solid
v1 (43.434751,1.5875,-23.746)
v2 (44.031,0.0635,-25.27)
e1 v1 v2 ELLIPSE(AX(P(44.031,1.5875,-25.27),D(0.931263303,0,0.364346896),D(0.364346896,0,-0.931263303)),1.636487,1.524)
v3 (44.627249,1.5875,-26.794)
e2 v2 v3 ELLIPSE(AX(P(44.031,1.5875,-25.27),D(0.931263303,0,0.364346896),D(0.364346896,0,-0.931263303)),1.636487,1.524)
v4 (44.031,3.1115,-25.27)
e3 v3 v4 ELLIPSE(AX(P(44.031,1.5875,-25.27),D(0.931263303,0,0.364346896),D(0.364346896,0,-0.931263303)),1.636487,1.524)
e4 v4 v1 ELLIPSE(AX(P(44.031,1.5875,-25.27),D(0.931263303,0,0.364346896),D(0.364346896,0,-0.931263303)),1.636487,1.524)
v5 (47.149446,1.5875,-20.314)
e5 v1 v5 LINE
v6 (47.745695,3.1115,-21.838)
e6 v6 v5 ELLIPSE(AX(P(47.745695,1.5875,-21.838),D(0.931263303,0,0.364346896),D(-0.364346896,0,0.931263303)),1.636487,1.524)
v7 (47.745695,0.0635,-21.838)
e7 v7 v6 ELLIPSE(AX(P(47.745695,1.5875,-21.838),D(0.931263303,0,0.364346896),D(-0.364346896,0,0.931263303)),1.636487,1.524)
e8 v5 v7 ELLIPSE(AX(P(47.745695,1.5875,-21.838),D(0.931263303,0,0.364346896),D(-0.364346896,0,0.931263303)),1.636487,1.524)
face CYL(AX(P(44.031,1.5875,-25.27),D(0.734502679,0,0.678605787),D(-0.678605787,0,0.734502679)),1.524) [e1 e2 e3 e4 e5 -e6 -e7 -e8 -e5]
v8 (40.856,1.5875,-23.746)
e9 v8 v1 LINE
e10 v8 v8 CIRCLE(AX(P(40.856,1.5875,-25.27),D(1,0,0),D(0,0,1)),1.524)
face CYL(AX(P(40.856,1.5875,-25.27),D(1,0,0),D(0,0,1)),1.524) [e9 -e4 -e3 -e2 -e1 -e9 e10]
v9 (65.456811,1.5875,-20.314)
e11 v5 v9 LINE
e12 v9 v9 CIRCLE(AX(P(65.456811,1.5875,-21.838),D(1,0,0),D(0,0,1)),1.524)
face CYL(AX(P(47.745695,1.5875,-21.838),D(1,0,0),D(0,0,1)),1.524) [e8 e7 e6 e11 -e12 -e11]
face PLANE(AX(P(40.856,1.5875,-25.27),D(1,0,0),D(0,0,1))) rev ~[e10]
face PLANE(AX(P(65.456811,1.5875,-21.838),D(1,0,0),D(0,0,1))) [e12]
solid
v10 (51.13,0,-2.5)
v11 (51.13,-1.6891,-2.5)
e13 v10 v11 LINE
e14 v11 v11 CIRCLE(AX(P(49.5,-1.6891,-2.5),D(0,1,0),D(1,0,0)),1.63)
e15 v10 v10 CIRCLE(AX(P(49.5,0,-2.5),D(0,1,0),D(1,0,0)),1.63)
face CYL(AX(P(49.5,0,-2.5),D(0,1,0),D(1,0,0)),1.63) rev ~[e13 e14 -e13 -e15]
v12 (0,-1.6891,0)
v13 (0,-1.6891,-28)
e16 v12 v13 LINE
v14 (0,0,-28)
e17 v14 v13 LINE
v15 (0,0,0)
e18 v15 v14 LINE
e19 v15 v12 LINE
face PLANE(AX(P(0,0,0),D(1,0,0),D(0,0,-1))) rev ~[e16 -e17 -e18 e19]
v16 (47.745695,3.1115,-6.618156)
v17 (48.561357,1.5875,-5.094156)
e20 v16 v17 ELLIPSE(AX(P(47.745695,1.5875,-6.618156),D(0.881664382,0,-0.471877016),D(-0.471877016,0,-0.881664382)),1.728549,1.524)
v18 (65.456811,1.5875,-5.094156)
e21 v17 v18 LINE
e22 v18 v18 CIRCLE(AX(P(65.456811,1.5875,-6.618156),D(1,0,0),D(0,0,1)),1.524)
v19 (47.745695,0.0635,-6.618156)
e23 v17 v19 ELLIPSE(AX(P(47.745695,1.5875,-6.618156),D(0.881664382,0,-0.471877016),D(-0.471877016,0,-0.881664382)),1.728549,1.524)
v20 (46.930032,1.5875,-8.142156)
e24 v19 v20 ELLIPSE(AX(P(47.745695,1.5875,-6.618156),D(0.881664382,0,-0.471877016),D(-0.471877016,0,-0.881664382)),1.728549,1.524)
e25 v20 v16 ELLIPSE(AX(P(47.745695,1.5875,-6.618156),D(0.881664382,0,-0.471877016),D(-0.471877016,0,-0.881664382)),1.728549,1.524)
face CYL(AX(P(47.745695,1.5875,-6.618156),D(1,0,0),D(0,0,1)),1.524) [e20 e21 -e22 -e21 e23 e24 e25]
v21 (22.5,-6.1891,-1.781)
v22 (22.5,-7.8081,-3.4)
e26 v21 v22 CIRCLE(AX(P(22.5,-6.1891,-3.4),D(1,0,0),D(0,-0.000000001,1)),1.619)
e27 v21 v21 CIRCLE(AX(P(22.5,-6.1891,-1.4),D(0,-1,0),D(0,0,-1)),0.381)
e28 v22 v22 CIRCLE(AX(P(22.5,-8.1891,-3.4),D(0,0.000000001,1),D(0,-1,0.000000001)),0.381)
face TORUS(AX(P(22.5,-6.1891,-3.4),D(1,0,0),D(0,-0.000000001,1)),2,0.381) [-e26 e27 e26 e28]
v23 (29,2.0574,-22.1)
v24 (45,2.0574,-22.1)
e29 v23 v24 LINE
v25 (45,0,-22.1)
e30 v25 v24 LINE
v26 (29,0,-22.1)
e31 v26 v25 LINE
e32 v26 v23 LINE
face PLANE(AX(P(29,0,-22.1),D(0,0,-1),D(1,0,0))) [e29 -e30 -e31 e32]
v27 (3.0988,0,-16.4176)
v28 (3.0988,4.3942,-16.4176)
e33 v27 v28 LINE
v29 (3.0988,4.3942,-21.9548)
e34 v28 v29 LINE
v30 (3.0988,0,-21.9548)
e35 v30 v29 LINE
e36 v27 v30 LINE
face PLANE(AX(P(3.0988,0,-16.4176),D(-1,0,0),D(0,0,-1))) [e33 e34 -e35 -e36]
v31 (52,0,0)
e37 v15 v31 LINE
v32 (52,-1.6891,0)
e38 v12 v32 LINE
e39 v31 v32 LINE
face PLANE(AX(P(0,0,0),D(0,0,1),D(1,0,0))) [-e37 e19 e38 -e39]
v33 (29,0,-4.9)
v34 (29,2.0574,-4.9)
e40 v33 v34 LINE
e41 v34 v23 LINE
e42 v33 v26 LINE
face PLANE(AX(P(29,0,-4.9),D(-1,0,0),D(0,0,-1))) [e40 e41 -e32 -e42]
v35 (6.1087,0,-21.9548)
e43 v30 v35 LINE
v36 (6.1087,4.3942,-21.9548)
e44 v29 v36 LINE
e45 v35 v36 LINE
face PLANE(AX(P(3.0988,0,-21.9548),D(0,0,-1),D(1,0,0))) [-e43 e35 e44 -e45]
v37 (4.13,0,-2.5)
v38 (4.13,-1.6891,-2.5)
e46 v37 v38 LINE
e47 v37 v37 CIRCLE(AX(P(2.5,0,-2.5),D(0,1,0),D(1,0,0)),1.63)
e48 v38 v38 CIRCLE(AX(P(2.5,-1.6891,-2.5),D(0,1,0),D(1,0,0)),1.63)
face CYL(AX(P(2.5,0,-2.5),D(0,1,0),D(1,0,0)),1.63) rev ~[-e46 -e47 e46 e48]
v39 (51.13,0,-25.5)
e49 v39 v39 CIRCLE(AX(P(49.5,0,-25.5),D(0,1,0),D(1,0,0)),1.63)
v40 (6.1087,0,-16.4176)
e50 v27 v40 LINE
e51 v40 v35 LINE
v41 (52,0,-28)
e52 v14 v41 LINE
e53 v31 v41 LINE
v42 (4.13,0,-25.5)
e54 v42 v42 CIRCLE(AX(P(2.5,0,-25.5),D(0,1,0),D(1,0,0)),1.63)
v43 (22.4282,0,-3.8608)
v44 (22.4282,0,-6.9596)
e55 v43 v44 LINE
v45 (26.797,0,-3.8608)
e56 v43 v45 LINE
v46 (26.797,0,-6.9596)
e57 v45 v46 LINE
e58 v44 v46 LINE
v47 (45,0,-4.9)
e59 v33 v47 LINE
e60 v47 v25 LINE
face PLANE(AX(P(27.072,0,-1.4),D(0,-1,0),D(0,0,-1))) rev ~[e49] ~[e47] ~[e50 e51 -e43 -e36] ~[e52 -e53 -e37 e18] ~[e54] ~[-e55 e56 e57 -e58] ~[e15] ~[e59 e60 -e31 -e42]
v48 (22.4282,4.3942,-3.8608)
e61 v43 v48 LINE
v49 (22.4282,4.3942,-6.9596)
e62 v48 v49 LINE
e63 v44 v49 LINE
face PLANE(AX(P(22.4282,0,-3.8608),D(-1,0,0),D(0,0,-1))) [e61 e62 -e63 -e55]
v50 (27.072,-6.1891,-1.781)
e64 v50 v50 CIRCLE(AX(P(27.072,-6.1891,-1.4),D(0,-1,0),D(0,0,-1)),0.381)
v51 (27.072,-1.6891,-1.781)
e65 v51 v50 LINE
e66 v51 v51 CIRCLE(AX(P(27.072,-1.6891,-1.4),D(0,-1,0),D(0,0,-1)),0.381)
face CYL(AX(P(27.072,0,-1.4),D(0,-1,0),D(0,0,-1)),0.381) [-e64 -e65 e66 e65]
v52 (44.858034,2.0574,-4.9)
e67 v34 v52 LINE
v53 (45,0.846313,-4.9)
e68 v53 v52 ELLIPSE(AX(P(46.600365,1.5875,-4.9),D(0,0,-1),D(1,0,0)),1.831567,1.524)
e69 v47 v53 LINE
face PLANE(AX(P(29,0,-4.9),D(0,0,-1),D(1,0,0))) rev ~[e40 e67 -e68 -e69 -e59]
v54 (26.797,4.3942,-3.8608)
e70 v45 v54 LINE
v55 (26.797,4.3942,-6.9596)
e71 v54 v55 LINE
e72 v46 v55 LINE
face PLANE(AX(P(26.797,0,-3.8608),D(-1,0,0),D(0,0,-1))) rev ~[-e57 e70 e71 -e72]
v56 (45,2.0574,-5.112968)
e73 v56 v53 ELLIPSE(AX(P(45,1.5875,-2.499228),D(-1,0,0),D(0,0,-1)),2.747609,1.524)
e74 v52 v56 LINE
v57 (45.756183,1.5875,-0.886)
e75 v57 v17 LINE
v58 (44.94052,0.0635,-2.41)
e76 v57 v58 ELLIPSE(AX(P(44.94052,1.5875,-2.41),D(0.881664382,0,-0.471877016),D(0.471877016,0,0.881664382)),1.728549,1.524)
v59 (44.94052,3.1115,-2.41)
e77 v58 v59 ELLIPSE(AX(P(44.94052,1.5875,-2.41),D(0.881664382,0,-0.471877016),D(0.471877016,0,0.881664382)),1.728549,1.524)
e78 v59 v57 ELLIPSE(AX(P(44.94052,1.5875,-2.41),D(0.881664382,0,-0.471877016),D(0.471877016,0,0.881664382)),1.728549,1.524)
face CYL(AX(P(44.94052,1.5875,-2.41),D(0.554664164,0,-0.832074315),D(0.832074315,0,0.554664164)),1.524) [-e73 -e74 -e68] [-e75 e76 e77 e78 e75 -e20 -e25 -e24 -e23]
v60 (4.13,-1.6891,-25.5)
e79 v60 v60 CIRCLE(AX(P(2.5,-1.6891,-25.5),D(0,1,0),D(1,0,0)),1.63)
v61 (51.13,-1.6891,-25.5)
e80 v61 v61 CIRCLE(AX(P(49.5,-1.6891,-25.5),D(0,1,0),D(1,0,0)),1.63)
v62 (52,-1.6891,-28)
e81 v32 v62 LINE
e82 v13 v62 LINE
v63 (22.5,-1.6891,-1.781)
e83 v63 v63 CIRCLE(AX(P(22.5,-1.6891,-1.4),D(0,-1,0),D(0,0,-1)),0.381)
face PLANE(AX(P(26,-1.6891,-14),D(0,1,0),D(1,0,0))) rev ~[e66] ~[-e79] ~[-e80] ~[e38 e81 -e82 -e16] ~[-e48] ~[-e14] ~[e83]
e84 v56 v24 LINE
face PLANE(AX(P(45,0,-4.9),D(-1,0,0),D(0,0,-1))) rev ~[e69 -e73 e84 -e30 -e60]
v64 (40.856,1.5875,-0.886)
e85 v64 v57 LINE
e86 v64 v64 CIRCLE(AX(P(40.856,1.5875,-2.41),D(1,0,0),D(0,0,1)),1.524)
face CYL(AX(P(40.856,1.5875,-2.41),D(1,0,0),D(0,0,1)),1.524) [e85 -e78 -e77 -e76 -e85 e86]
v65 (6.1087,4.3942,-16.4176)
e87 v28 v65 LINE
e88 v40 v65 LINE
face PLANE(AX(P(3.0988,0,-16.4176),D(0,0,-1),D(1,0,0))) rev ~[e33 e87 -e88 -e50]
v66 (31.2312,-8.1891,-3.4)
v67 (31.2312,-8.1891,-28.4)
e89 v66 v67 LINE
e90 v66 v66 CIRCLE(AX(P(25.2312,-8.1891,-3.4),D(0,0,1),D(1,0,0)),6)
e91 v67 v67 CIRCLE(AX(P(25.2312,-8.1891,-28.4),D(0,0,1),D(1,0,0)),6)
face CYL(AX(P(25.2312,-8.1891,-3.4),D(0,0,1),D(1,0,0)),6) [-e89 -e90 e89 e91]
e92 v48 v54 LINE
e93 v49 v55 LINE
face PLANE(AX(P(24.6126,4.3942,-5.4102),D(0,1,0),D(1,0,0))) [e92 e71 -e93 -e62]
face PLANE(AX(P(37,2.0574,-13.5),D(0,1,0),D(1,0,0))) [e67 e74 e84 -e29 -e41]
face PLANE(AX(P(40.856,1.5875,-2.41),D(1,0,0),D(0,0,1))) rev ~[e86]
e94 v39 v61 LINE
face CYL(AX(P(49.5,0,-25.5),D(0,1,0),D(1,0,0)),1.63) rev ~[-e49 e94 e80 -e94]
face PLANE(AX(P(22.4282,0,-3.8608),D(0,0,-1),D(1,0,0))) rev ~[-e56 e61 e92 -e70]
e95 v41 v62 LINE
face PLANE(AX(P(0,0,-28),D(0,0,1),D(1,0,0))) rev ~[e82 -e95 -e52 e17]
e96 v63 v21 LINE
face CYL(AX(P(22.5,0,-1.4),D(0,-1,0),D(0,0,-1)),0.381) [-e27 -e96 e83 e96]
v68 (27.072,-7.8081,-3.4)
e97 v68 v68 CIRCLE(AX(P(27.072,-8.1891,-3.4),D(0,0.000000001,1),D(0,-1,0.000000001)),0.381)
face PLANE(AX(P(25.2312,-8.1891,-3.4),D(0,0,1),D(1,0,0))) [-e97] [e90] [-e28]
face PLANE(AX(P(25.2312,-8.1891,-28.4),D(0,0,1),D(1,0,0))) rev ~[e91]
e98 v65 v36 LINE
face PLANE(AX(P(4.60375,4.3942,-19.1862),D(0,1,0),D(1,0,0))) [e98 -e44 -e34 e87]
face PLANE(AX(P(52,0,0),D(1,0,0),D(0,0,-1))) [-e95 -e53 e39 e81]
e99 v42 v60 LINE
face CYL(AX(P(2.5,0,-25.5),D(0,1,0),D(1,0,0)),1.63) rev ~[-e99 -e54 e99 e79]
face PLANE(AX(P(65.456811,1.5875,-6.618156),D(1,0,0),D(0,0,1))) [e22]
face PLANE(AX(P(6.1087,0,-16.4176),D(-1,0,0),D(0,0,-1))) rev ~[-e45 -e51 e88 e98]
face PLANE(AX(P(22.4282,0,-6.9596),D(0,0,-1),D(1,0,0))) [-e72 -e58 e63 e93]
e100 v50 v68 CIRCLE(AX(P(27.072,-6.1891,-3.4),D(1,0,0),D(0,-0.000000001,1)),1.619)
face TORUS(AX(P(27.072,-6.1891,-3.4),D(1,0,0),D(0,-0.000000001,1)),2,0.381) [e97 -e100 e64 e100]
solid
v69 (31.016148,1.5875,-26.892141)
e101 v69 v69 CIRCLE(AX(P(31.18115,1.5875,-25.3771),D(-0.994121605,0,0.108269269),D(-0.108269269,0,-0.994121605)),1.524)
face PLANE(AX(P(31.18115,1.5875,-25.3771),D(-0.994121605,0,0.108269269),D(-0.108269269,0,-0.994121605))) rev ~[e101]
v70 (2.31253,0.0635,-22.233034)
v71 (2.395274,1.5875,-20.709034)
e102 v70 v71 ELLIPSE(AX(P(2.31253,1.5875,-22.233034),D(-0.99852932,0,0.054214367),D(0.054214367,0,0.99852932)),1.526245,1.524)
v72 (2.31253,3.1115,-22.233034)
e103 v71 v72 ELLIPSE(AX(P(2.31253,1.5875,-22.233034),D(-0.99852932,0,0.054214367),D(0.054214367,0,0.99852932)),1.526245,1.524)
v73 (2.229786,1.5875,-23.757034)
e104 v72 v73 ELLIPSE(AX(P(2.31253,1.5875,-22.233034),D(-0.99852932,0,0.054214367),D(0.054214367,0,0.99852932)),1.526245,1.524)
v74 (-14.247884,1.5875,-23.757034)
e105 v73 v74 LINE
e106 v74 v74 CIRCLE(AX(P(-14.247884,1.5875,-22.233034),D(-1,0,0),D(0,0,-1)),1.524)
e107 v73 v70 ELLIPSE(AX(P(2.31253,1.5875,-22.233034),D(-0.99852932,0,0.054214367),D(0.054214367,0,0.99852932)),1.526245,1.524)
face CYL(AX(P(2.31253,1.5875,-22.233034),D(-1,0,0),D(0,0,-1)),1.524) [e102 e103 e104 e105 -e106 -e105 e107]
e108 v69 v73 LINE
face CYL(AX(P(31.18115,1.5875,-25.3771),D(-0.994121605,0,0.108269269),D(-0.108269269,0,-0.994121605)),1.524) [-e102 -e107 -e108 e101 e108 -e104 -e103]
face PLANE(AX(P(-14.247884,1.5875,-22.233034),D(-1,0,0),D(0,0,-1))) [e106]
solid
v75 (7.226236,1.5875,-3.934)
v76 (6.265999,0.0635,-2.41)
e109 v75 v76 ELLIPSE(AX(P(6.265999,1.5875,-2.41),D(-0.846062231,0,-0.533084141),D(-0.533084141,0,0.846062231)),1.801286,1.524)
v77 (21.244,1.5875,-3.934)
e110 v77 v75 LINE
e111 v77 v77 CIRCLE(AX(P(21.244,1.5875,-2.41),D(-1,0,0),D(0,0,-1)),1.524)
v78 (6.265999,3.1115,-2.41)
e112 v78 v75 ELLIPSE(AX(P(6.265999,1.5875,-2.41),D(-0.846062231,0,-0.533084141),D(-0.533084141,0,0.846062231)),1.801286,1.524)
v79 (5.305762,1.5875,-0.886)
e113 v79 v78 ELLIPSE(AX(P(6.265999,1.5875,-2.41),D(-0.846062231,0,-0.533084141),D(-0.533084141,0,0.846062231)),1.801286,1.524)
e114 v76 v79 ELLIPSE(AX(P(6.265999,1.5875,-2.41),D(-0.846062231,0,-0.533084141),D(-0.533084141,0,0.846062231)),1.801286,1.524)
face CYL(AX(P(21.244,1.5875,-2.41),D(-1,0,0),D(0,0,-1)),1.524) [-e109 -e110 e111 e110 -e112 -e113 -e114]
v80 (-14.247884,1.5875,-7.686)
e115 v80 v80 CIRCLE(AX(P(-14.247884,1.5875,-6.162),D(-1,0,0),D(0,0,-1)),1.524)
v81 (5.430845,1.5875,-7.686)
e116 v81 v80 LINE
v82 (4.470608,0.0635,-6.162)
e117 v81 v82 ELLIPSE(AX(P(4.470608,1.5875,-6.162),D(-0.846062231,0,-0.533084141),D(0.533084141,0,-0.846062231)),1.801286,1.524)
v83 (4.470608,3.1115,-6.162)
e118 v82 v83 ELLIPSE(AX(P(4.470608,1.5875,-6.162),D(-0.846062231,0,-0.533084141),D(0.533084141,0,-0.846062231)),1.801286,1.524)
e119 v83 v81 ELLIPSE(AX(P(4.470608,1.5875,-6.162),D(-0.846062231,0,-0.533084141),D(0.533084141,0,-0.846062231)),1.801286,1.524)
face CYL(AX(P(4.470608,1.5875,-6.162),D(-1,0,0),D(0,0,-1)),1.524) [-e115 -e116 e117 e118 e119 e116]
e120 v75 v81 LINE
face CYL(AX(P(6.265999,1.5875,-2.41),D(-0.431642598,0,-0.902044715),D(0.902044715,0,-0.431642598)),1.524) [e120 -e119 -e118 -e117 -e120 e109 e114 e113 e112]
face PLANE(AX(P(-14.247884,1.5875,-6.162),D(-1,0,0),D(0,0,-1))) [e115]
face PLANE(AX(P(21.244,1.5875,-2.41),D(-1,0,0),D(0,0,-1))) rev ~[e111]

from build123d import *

# Parameters (mm, degrees)
SKETCH1_W             = 52
SKETCH1_H             = 28
BOSS_EXTRUDE1_DEPTH   = 1.6891
SKETCH1_3_R           = 1.63
CUT_EXTRUDE1_DEPTH    = 60.083441494
SKETCH2_R             = 6
BOSS_EXTRUDE2_DEPTH   = 25
SWEEP1_PROFILE_R      = 0.381
LPATTERN1_COUNT       = 2
LPATTERN1_PITCH       = 4.572
SKETCH1_4_W           = 16
SKETCH1_4_H           = 17.2
MOTORCONTROLLER_DEPTH = 2.0574
SKETCH5_W             = 3.0099
SKETCH5_H             = 5.5372
SKETCH5_W_2           = 4.3688
SKETCH5_H_2           = 3.0988
BOSS_EXTRUDE3_DEPTH   = 4.3942
SWEEP2_PROFILE_R      = 1.524
SWEEP3_PROFILE_R      = 1.524
SWEEP4_PROFILE_R      = 1.524
SWEEP6_PROFILE_R      = 1.524


with BuildPart() as part:
    # Sketch1 → Boss-Extrude1 (new body)
    with BuildSketch(Plane(origin=(0, 0, 0), x_dir=(1, 0, 0), z_dir=(0, 1, 0))):
        with Locations((26, 14)):
            Rectangle(SKETCH1_W, SKETCH1_H)
    extrude(amount=-BOSS_EXTRUDE1_DEPTH)

    # Sketch1<3> → Cut-Extrude1 (cut, through all)
    with BuildSketch(Plane(origin=(0, 0, 0), x_dir=(1, 0, 0), z_dir=(0, 1, 0))):
        with Locations((2.5, 25.5)):
            Circle(SKETCH1_3_R)
        with Locations((2.5, 2.5)):
            Circle(SKETCH1_3_R)
        with Locations((49.5, 25.5)):
            Circle(SKETCH1_3_R)
        with Locations((49.5, 2.5)):
            Circle(SKETCH1_3_R)
    extrude(amount=-CUT_EXTRUDE1_DEPTH, mode=Mode.SUBTRACT)



with BuildPart() as body_2:
    # Sketch2 → Boss-Extrude2 (new body)
    with BuildSketch(Plane.XY.offset(-3.4)):
        with Locations((25.2312, -8.1891)):
            Circle(SKETCH2_R)
    extrude(amount=-BOSS_EXTRUDE2_DEPTH)


with BuildPart() as part_1:
    add(part.part)

    add(body_2.part)  # Sweep1 merges body 2
    # Sweep1: sweep along a path in Sketch3
    with BuildLine(Plane.ZY.offset(-22.5)) as sweep1_path:
        Line((-1.4, 0), (-1.4, -6.1891))
        ThreePointArc((-1.4, -6.1891), (-1.985786438, -7.603313562), (-3.4, -8.1891))
    # Sweep1 profile (on start of the path) → Sweep1 (sweep)
    with BuildSketch(Plane(origin=(22.5, 0, -1.4), x_dir=(0, 0, -1), z_dir=(0, -1, 0))):
        Circle(SWEEP1_PROFILE_R)
    sweep1 = sweep(path=sweep1_path.line)

    # LPattern1: Sweep1 ×2
    with Locations(*[(i * LPATTERN1_PITCH, 0, 0) for i in range(1, LPATTERN1_COUNT)]):
        add(sweep1)

    # Sketch1<4> → MotorController (add)
    with BuildSketch(Plane(origin=(0, 0, 0), x_dir=(1, 0, 0), z_dir=(0, 1, 0))):
        with Locations((37, 13.5)):
            Rectangle(SKETCH1_4_W, SKETCH1_4_H)
    extrude(amount=MOTORCONTROLLER_DEPTH)

    # Sketch5 → Boss-Extrude3 (add)
    with BuildSketch(Plane(origin=(0, 0, 0), x_dir=(1, 0, 0), z_dir=(0, 1, 0))):
        with Locations((4.60375, 19.1862)):
            Rectangle(SKETCH5_W, SKETCH5_H)
        with Locations((24.6126, 5.4102)):
            Rectangle(SKETCH5_W_2, SKETCH5_H_2)
    extrude(amount=BOSS_EXTRUDE3_DEPTH)

    # Sweep6: sweep along a path in Sketch4<5>
    with BuildLine(Plane(origin=(0, 1.5875, 0), x_dir=(1, 0, 0), z_dir=(0, 1, 0))) as sweep6_path:
        Line((40.856, 2.41), (44.940520364, 2.41))
        Line((44.940520364, 2.41), (47.745694512, 6.618156047))
        Line((47.745694512, 6.618156047), (65.45681083, 6.618156047))
    # Sweep6 profile (on start of the path) → Sweep6 (sweep)
    with BuildSketch(Plane(origin=(40.856, 1.5875, -2.41), x_dir=(0, 0, 1), z_dir=(1, 0, 0))):
        Circle(SWEEP6_PROFILE_R)
    sweep(path=sweep6_path.line, transition=Transition.RIGHT)


with BuildPart() as body_2_2:
    # Sweep2: sweep along a path in Sketch4
    with BuildLine(Plane(origin=(0, 1.5875, 0), x_dir=(1, 0, 0), z_dir=(0, 1, 0))) as sweep2_path:
        Line((31.18115, 25.3771), (2.312530094, 22.233033549))
        Line((2.312530094, 22.233033549), (-14.247884463, 22.233033549))
    # Sweep2 profile (on start of the path) → Sweep2 (sweep)
    with BuildSketch(Plane(origin=(31.18115, 1.5875, -25.3771), x_dir=(-0.10826926941618294, 0, -0.9941216048854818), z_dir=(-0.9941216048854818, 0, 0.10826926941618294))):
        Circle(SWEEP2_PROFILE_R)
    sweep(path=sweep2_path.line, transition=Transition.RIGHT)


with BuildPart() as body_3:
    # Sweep3: sweep along a path in Sketch4<3>
    with BuildLine(Plane(origin=(0, 1.5875, 0), x_dir=(1, 0, 0), z_dir=(0, 1, 0))) as sweep3_path:
        Line((21.244, 2.41), (6.265999425, 2.41))
        Line((6.265999425, 2.41), (4.470608354, 6.162))
        Line((4.470608354, 6.162), (-14.247884463, 6.162))
    # Sweep3 profile (on start of the path) → Sweep3 (sweep)
    with BuildSketch(Plane(origin=(21.244, 1.5875, -2.41), x_dir=(0, 0, -1), z_dir=(-1, 0, 0))):
        Circle(SWEEP3_PROFILE_R)
    sweep(path=sweep3_path.line, transition=Transition.RIGHT)


with BuildPart() as body_4:
    # Sweep4: sweep along a path in Sketch4<4>
    with BuildLine(Plane(origin=(0, 1.5875, 0), x_dir=(1, 0, 0), z_dir=(0, 1, 0))) as sweep4_path:
        Line((40.856, 25.27), (44.031, 25.27))
        Line((44.031, 25.27), (47.745694512, 21.838))
        Line((47.745694512, 21.838), (65.45681083, 21.838))
    # Sweep4 profile (on start of the path) → Sweep4 (sweep)
    with BuildSketch(Plane(origin=(40.856, 1.5875, -25.27), x_dir=(0, 0, 1), z_dir=(1, 0, 0))):
        Circle(SWEEP4_PROFILE_R)
    sweep(path=sweep4_path.line, transition=Transition.RIGHT)


solid = Compound([part_1.part, body_2_2.part, body_3.part, body_4.part])
